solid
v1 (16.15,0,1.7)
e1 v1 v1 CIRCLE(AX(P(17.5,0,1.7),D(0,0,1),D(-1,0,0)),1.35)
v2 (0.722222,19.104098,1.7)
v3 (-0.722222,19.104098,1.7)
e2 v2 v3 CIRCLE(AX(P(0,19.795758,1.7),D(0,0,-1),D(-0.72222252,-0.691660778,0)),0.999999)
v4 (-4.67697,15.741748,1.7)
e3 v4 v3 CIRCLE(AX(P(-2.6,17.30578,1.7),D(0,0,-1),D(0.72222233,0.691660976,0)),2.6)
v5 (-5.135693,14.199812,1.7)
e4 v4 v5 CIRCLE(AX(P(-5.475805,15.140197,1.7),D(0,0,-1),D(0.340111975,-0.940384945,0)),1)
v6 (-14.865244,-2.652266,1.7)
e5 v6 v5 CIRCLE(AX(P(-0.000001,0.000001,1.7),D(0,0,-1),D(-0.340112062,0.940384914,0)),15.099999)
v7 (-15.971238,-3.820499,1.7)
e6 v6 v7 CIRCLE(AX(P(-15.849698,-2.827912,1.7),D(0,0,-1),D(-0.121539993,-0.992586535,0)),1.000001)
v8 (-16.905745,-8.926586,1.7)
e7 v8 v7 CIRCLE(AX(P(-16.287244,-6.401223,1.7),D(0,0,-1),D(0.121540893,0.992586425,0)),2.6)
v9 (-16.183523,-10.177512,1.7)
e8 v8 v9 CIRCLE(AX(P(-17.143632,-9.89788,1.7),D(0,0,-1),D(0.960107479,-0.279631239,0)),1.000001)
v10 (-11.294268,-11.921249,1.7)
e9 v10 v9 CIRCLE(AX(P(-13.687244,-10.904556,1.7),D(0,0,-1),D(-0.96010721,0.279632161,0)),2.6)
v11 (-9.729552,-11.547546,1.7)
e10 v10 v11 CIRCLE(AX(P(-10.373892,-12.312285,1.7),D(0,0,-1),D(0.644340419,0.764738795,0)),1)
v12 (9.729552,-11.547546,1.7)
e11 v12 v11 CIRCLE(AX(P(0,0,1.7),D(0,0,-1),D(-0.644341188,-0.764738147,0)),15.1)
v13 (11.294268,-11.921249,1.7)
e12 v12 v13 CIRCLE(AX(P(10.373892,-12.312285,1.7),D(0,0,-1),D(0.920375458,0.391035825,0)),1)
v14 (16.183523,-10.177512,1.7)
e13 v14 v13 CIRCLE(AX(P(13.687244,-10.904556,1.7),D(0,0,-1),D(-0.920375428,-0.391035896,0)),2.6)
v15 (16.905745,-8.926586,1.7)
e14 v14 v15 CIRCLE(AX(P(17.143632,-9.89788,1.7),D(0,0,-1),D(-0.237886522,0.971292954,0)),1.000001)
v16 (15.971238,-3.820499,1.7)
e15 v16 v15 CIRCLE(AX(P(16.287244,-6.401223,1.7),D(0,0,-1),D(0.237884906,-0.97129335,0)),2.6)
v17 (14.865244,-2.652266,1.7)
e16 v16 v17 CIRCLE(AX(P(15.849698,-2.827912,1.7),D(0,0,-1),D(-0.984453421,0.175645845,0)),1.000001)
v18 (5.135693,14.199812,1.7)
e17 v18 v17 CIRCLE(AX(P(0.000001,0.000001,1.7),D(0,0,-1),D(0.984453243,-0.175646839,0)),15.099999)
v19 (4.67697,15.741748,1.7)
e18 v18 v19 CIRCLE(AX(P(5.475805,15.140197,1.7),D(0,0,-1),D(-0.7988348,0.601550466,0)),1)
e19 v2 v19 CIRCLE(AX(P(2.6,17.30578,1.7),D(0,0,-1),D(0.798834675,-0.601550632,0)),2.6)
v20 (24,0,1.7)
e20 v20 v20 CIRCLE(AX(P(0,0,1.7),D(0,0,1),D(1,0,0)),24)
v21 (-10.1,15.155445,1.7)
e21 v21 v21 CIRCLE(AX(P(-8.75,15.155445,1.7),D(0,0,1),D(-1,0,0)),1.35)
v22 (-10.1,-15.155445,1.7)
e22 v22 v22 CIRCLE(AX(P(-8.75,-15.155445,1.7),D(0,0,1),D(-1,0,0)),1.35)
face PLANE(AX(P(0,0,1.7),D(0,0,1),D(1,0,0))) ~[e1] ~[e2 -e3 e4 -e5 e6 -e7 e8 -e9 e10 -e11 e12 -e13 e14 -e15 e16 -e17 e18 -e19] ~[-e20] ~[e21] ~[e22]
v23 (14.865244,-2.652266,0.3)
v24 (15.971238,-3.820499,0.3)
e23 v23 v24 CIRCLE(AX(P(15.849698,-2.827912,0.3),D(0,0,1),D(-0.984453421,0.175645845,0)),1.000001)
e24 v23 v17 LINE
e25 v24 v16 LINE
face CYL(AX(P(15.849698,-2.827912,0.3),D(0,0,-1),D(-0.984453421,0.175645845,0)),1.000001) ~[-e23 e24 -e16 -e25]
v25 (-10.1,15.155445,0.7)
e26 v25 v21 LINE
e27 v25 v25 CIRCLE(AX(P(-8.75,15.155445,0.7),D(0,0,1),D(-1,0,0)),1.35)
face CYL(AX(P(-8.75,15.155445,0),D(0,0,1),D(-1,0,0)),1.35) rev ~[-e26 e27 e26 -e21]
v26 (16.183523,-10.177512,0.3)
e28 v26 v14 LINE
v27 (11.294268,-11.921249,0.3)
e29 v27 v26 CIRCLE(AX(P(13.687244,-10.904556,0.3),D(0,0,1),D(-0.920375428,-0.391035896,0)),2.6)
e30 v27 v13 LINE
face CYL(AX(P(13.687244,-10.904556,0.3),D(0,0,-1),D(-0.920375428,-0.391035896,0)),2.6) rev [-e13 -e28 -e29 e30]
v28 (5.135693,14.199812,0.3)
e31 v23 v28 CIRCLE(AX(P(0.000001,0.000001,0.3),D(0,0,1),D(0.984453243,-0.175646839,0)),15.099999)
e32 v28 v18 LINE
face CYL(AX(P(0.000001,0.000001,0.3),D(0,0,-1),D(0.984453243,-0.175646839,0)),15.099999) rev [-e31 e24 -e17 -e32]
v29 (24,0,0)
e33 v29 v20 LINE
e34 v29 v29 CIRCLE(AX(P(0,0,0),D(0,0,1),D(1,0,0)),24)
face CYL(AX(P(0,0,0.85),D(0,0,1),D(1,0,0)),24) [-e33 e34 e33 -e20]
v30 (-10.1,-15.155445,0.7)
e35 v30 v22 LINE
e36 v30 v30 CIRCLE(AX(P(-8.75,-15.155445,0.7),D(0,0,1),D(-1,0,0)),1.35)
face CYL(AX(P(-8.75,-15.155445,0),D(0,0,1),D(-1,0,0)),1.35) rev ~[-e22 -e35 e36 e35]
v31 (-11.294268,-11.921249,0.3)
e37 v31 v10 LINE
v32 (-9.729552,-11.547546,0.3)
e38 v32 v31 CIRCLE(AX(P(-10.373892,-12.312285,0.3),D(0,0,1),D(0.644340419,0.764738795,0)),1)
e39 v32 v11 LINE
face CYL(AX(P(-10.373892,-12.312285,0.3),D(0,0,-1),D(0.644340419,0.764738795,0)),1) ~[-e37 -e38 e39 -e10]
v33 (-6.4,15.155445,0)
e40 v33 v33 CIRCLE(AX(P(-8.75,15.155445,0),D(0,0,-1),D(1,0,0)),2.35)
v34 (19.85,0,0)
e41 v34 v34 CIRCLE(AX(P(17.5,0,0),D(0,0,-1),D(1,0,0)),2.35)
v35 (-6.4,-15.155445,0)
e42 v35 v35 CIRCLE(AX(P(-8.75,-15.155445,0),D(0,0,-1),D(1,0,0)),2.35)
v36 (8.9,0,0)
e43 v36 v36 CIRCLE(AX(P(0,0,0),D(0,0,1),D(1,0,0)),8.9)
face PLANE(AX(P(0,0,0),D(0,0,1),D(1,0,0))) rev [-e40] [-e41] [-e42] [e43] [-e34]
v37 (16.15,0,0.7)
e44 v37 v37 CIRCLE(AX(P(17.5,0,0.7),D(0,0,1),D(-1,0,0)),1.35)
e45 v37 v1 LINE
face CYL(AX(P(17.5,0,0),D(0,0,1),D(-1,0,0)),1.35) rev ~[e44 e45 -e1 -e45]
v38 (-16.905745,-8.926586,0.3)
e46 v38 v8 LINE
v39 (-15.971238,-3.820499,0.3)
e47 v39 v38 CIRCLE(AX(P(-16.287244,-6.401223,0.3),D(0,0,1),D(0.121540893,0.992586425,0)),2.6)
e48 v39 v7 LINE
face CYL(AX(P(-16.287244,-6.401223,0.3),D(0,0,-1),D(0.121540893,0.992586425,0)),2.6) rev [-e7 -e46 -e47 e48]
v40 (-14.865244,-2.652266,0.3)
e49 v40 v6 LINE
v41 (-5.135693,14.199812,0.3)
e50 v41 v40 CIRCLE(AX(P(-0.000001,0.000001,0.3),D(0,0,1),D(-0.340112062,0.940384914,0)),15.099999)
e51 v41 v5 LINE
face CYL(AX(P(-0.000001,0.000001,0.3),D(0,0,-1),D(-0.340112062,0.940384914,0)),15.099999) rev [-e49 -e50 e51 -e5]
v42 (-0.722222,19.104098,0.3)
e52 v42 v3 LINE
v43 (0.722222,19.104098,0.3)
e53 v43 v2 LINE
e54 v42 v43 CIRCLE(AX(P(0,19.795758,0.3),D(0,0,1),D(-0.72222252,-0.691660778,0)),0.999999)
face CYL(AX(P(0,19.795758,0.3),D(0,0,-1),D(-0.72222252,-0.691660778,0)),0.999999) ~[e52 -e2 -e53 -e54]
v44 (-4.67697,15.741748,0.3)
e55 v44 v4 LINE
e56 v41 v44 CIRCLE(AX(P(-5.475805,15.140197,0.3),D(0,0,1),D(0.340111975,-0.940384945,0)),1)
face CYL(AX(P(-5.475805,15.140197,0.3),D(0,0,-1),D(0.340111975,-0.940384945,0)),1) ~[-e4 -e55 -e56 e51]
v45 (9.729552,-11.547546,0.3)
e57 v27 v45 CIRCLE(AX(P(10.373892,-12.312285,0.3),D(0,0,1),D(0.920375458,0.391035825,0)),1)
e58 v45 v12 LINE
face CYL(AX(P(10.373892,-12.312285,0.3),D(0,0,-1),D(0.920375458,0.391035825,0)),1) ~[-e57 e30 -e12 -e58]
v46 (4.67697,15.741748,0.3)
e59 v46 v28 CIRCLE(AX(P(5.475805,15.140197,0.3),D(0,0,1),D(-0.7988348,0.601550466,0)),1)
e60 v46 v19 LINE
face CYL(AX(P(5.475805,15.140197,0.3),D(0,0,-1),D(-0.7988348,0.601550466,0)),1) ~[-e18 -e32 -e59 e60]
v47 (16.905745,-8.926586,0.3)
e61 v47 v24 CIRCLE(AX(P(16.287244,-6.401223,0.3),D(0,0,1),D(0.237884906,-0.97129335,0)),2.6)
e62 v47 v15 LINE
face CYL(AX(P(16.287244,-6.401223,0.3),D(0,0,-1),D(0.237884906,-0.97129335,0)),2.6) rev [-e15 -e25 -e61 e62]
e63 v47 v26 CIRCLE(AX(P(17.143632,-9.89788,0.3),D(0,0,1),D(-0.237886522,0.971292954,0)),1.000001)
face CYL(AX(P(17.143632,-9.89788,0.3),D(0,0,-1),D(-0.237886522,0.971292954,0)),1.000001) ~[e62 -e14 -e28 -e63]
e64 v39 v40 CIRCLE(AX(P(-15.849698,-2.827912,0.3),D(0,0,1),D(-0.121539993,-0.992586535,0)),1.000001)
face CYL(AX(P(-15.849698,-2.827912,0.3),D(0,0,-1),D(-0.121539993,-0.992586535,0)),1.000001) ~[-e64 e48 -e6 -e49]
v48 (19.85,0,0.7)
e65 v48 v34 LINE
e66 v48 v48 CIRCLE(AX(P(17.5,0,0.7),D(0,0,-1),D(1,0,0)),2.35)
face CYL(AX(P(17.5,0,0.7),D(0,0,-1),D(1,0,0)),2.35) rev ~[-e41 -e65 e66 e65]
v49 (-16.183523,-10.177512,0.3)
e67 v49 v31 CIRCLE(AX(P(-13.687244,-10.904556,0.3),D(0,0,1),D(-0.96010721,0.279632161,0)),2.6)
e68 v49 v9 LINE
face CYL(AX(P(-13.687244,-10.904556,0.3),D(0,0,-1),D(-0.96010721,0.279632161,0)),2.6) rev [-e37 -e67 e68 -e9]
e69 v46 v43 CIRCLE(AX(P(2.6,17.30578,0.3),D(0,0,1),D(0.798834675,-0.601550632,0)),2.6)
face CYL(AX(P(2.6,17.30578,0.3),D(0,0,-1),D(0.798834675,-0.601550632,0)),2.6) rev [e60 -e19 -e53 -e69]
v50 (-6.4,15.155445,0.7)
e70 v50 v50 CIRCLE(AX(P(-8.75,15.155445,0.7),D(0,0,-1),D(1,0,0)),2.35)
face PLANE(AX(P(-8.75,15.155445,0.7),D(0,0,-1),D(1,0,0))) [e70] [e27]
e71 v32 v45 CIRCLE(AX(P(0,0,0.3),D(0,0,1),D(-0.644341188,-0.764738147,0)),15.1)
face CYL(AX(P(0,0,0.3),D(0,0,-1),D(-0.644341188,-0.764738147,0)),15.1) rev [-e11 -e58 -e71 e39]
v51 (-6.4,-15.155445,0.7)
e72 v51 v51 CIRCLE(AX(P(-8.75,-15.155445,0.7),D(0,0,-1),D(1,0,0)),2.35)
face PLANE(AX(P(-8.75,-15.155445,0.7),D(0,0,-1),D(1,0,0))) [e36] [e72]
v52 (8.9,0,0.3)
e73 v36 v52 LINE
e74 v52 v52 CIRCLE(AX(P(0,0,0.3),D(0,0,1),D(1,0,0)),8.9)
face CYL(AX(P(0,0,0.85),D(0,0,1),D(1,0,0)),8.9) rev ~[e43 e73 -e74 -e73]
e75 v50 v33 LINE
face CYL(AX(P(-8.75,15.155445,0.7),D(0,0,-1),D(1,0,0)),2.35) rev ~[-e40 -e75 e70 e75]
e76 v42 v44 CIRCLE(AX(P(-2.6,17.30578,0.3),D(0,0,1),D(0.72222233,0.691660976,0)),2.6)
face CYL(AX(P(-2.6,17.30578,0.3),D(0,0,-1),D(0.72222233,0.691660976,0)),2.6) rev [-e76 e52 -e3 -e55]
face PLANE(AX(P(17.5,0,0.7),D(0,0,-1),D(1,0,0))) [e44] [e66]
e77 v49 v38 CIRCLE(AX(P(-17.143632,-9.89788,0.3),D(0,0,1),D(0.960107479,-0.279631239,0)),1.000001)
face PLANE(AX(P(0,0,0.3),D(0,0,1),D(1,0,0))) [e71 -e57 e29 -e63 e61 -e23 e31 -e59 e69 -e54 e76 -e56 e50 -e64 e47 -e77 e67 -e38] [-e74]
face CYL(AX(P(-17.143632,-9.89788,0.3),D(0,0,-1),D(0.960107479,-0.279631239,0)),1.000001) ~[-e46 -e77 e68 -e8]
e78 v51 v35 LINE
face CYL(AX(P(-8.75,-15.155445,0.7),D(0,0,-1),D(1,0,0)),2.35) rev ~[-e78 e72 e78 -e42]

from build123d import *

# Parameters (mm, degrees)
SKETCH_W         = 15.1
SKETCH_H         = 1.7
POCKET_DEPTH     = 5.2
HOLE_D           = 2.7
HOLE_CBORE_D     = 4.7
HOLE_CBORE_DEPTH = 0.7


with BuildPart() as part:
    # Sketch → Revolution (revolve)
    with BuildSketch(Plane.XZ):
        with Locations((16.45, 0.85)):
            Rectangle(SKETCH_W, SKETCH_H)
    revolve(axis=Axis((0, 0, 0), (0, 0, 1)))

    # Sketch001 → Pocket (cut)
    with BuildSketch(Plane.XY.offset(0.3)):
        with BuildLine():
            ThreePointArc((-15.971238, -3.820499), (-18.844764, -5.933151), (-16.905745, -8.926586))
            ThreePointArc((-16.183523, -10.177512), (-16.277605, -9.39788), (-16.905745, -8.926586))
            ThreePointArc((-16.183523, -10.177512), (-14.560642, -13.353469), (-11.294268, -11.921249))
            ThreePointArc((-9.729552, -11.547546), (-10.60619, -11.33964), (-11.294268, -11.921249))
            ThreePointArc((-9.729552, -11.547546), (0, -15.1), (9.729552, -11.547546))
            ThreePointArc((11.294268, -11.921249), (10.60619, -11.33964), (9.729552, -11.547546))
            ThreePointArc((11.294268, -11.921249), (14.560642, -13.353469), (16.183523, -10.177512))
            ThreePointArc((16.905745, -8.926586), (16.277605, -9.39788), (16.183523, -10.177512))
            ThreePointArc((16.905745, -8.926586), (18.844764, -5.933151), (15.971238, -3.820499))
            ThreePointArc((14.865244, -2.652266), (15.123511, -3.51541), (15.971238, -3.820499))
            ThreePointArc((14.865244, -2.652266), (13.076984, 7.55), (5.135693, 14.199812))
            ThreePointArc((4.67697, 15.741748), (4.517321, 14.85505), (5.135693, 14.199812))
            ThreePointArc((4.67697, 15.741748), (4.284123, 19.28662), (0.722222, 19.104098))
            ThreePointArc((-0.722222, 19.104098), (0, 18.795759), (0.722222, 19.104098))
            ThreePointArc((-0.722222, 19.104098), (-4.284123, 19.28662), (-4.67697, 15.741748))
            ThreePointArc((-5.135693, 14.199812), (-4.517321, 14.85505), (-4.67697, 15.741748))
            ThreePointArc((-5.135693, 14.199812), (-13.076984, 7.55), (-14.865244, -2.652266))
            ThreePointArc((-15.971238, -3.820499), (-15.123511, -3.51541), (-14.865244, -2.652266))
        make_face()
    extrude(amount=POCKET_DEPTH, mode=Mode.SUBTRACT)

    # Hole (through all)
    with Locations(Plane(origin=(0, 0, 0), x_dir=(1, 0, 0), z_dir=(0, 0, -1))):
        with Locations((-8.75, -15.155445), (-8.75, 15.155445), (17.5, 0)):
            CounterBoreHole(HOLE_D / 2, HOLE_CBORE_D / 2, HOLE_CBORE_DEPTH)


solid = part.part
